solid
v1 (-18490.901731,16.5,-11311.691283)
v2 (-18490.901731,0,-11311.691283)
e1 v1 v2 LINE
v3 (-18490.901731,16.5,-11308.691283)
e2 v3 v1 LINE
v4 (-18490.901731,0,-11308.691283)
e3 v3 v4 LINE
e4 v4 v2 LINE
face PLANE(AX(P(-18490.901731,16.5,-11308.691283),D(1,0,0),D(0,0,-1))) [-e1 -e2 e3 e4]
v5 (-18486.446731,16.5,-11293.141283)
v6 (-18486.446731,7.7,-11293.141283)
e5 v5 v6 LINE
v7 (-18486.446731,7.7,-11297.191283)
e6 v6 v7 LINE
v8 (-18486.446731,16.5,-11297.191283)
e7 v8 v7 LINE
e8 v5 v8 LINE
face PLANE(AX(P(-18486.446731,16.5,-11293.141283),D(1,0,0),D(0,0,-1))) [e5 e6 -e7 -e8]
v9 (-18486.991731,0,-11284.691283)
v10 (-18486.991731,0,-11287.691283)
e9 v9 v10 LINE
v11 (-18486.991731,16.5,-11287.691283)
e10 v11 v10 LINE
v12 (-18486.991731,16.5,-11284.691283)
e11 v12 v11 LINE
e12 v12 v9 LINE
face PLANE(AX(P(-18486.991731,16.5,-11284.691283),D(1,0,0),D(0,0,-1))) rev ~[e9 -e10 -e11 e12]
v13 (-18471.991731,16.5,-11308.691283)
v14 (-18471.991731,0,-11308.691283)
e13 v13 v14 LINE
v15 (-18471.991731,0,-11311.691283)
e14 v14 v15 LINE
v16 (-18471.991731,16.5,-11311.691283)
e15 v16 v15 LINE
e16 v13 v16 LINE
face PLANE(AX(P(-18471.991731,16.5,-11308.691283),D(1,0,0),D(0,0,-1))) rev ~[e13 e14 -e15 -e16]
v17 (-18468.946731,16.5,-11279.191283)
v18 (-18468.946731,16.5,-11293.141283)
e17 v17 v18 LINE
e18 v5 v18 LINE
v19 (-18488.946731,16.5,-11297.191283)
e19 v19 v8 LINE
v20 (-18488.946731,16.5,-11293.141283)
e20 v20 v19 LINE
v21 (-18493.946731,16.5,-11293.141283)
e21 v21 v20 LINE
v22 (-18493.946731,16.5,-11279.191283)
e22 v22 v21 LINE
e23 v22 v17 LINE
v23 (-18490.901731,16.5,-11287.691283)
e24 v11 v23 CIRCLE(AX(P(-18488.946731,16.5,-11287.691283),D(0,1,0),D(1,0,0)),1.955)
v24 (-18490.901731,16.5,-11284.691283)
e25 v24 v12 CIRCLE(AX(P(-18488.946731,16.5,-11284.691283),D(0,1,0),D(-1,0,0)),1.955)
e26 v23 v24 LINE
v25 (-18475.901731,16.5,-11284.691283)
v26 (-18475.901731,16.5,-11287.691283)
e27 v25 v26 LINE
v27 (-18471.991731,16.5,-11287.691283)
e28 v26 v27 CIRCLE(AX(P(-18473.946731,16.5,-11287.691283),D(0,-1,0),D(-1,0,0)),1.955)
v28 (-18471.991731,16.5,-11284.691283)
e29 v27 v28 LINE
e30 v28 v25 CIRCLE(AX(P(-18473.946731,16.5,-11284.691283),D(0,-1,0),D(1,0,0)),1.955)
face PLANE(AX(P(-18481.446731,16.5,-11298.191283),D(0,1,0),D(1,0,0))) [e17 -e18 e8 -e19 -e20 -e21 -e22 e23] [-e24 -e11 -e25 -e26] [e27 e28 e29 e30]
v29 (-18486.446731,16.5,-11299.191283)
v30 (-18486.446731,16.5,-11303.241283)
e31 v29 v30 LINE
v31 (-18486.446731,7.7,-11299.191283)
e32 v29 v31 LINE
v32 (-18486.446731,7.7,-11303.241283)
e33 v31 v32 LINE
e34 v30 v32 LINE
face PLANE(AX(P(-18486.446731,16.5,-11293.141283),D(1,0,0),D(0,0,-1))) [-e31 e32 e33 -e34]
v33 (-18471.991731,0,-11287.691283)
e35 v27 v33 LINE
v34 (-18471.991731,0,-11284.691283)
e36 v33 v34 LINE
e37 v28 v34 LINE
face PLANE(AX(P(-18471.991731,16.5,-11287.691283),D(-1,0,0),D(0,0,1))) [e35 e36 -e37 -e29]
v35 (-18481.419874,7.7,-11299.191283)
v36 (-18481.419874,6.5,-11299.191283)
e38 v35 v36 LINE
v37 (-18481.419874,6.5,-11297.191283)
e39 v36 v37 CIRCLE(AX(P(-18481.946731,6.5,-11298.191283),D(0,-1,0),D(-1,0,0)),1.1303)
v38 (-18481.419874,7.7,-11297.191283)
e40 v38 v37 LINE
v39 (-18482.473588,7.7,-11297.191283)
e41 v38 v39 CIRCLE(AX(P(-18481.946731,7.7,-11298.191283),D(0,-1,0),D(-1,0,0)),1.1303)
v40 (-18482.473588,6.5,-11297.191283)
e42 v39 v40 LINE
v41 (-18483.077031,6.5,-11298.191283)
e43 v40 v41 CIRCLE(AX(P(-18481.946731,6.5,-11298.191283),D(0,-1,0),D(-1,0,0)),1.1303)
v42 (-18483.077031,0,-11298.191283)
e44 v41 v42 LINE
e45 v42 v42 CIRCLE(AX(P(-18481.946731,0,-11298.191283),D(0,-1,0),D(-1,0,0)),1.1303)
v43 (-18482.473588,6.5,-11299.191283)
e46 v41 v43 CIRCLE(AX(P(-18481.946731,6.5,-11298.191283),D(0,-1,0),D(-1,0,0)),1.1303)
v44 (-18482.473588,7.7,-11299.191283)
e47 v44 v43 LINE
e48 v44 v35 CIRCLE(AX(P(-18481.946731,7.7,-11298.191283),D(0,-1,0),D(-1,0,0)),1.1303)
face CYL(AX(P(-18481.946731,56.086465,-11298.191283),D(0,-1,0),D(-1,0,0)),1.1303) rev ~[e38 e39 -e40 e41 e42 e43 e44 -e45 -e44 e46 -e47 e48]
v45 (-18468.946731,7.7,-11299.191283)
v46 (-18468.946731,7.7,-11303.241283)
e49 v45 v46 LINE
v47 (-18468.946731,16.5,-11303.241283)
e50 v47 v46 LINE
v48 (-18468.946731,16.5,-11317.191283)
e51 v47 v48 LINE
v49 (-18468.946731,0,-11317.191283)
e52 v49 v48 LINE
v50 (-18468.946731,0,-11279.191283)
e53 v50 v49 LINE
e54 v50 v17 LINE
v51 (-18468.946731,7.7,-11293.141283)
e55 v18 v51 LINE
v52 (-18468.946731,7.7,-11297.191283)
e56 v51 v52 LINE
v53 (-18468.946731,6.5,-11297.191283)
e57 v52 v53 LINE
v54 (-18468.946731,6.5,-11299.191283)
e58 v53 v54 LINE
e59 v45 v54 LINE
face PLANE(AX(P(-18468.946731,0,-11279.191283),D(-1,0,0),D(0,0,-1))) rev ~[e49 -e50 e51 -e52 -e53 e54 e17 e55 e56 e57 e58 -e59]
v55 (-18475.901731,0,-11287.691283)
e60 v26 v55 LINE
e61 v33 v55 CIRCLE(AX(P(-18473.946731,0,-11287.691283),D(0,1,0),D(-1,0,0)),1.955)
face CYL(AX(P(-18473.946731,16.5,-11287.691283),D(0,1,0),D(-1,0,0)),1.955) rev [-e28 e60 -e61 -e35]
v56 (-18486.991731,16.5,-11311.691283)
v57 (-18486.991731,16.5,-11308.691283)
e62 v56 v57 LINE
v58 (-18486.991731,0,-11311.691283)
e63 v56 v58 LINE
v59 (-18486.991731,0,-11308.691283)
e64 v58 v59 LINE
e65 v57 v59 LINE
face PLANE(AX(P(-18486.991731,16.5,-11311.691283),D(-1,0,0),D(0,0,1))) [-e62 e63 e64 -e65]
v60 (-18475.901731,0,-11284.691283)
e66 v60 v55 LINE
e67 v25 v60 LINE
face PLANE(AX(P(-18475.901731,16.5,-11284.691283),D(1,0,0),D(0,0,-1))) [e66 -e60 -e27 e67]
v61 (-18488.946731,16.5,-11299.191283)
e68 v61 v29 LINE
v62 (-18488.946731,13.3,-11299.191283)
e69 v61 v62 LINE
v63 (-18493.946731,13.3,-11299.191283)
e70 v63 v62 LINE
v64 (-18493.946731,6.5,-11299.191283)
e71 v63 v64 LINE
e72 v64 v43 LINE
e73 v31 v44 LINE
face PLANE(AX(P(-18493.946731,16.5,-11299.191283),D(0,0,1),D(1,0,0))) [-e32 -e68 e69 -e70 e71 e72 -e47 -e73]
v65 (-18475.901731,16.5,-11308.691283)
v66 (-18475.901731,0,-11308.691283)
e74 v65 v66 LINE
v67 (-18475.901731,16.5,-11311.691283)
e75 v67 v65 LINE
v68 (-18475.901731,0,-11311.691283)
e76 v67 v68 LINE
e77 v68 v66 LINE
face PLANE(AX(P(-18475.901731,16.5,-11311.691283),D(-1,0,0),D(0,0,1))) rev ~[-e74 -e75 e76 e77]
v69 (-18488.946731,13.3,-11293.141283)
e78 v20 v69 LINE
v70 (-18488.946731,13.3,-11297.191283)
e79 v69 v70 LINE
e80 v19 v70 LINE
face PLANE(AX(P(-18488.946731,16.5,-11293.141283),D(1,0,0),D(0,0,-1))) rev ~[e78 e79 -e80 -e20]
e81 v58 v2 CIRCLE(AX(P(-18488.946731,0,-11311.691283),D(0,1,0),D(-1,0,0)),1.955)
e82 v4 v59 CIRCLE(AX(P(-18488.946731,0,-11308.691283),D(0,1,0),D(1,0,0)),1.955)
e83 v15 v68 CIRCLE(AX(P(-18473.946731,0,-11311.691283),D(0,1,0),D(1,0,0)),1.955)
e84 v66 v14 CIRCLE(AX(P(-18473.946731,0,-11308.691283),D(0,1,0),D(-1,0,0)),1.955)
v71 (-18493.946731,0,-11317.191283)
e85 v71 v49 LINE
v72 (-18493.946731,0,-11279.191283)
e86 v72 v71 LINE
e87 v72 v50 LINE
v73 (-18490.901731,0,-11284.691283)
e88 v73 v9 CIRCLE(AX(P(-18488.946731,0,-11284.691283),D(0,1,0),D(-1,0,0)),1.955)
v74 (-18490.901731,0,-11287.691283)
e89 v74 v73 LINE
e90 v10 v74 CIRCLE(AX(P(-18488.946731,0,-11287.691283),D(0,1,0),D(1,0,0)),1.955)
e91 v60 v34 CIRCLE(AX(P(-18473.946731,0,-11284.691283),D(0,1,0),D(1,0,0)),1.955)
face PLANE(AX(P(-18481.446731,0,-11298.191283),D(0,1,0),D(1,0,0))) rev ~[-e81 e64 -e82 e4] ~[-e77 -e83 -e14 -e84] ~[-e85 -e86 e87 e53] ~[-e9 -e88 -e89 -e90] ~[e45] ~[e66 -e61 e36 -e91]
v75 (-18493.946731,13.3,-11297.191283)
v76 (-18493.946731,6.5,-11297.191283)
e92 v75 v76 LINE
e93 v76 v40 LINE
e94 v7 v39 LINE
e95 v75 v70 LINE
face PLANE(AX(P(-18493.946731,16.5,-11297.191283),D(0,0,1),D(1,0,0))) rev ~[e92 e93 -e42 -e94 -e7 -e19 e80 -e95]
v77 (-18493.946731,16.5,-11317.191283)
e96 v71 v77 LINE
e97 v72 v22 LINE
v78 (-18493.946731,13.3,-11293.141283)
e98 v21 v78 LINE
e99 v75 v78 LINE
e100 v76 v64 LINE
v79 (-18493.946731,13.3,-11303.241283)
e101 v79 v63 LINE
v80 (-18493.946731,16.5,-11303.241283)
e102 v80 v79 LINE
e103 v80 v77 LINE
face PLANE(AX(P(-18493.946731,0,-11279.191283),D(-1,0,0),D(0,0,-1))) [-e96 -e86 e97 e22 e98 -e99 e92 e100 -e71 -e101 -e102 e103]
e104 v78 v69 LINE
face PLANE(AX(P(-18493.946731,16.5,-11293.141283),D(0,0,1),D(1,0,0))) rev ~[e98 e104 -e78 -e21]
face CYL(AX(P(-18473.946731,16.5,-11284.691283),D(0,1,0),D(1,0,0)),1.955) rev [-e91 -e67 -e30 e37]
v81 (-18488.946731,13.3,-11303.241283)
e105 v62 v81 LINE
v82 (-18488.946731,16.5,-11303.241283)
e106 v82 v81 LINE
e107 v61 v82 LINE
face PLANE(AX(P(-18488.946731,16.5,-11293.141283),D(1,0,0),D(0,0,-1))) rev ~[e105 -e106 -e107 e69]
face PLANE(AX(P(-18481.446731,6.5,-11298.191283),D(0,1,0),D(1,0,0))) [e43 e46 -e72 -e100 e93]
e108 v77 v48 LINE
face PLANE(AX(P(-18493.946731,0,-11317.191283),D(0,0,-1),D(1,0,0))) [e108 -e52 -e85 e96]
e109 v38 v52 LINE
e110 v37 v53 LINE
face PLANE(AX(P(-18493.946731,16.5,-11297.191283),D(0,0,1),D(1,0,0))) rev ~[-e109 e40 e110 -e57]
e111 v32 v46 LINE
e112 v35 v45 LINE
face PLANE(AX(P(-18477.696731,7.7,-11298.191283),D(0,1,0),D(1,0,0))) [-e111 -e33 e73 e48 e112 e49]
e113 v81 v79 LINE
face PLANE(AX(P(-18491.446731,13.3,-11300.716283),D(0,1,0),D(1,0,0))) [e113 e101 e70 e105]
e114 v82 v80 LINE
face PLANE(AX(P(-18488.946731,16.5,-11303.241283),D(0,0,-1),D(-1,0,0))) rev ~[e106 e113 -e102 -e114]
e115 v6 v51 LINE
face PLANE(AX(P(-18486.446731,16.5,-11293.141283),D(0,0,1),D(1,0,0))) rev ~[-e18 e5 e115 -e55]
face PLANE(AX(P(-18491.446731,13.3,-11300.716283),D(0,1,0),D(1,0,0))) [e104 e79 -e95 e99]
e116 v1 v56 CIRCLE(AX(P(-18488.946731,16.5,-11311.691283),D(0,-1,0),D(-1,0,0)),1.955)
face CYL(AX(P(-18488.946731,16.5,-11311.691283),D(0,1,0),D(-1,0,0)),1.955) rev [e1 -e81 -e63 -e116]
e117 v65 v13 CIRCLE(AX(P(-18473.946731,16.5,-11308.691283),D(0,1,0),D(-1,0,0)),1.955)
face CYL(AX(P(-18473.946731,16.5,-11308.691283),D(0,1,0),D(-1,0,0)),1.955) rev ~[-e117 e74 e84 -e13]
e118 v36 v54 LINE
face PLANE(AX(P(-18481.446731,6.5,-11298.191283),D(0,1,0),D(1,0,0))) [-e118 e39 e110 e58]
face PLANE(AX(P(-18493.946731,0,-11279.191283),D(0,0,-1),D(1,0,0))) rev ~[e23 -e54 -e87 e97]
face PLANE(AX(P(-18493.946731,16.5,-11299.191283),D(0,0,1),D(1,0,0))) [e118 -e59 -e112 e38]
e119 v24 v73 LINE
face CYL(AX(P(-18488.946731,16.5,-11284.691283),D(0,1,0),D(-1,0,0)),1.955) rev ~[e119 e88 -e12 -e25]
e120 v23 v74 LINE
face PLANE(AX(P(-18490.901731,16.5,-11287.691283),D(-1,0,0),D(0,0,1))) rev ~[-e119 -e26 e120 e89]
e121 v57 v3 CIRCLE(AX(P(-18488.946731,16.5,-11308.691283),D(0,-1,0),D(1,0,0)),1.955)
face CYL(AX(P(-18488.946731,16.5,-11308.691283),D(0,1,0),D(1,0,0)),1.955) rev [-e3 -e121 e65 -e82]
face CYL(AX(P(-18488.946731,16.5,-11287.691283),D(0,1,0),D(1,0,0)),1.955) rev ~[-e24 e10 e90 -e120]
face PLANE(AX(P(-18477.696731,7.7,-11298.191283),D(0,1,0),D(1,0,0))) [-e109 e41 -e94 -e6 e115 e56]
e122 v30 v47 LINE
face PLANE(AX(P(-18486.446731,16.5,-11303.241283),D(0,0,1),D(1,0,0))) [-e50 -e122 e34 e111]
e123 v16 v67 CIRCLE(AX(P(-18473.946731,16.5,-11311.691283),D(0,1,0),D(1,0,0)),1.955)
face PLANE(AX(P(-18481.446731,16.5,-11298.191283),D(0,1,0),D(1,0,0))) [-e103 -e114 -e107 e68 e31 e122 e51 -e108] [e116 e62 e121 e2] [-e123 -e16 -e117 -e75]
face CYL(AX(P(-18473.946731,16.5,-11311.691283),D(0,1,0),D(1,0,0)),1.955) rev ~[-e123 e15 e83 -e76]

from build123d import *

# Parameters (mm, degrees)
SKETCH1_W               = 25
SKETCH1_H               = 38
BOSS_EXTRUDE1_DEPTH     = 16.5
F_6_32_SLOTS_DEPTH      = 17.5
SKETCH2_11_W            = 5
SKETCH2_11_H            = 5.05
LENS_SEAT_DEPTH         = 3.2
SKETCH2_13_W            = 17.5
SKETCH2_13_H            = 10.1
LENS_PLATE_GROOVE_DEPTH = 8.8
SKETCH6_W               = 25
SKETCH6_H               = 2
ALIGNMENT_GROOVE_DEPTH  = 10
F_4_40_TAPPED_HOLE2_D   = 2.2606


with BuildPart() as part:
    # Sketch1 → Boss-Extrude1 (new body)
    with BuildSketch(Plane(origin=(0, 0, 0), x_dir=(1, 0, 0), z_dir=(0, 1, 0))):
        with Locations((-18481.446731235, 11298.191283293)):
            Rectangle(SKETCH1_W, SKETCH1_H)
    extrude(amount=BOSS_EXTRUDE1_DEPTH)

    # Sketch2 → 6-32 slots (cut, through all)
    with BuildSketch(Plane(origin=(0, 16.5, 0), x_dir=(1, 0, 0), z_dir=(0, 1, 0))):
        with BuildLine():
            Line((-18486.991731235, 11311.691283293), (-18486.991731235, 11308.691283293))
            ThreePointArc((-18486.991731235, 11308.691283293), (-18488.946731235, 11306.736283293), (-18490.901731235, 11308.691283293))
            Line((-18490.901731235, 11308.691283293), (-18490.901731235, 11311.691283293))
            ThreePointArc((-18490.901731235, 11311.691283293), (-18488.946731235, 11313.646283293), (-18486.991731235, 11311.691283293))
        make_face()
        with BuildLine():
            Line((-18486.991731235, 11284.691283293), (-18486.991731235, 11287.691283293))
            ThreePointArc((-18486.991731235, 11287.691283293), (-18488.946731235, 11289.646283293), (-18490.901731235, 11287.691283293))
            Line((-18490.901731235, 11287.691283293), (-18490.901731235, 11284.691283293))
            ThreePointArc((-18490.901731235, 11284.691283293), (-18488.946731235, 11282.736283293), (-18486.991731235, 11284.691283293))
        make_face()
        with BuildLine():
            Line((-18475.901731235, 11284.691283293), (-18475.901731235, 11287.691283293))
            ThreePointArc((-18475.901731235, 11287.691283293), (-18473.946731235, 11289.646283293), (-18471.991731235, 11287.691283293))
            Line((-18471.991731235, 11287.691283293), (-18471.991731235, 11284.691283293))
            ThreePointArc((-18471.991731235, 11284.691283293), (-18473.946731235, 11282.736283293), (-18475.901731235, 11284.691283293))
        make_face()
        with BuildLine():
            Line((-18475.901731235, 11311.691283293), (-18475.901731235, 11308.691283293))
            ThreePointArc((-18475.901731235, 11308.691283293), (-18473.946731235, 11306.736283293), (-18471.991731235, 11308.691283293))
            Line((-18471.991731235, 11308.691283293), (-18471.991731235, 11311.691283293))
            ThreePointArc((-18471.991731235, 11311.691283293), (-18473.946731235, 11313.646283293), (-18475.901731235, 11311.691283293))
        make_face()
    extrude(amount=-F_6_32_SLOTS_DEPTH, mode=Mode.SUBTRACT)

    # Sketch2<11> → lens seat (cut)
    with BuildSketch(Plane(origin=(0, 16.5, 0), x_dir=(1, 0, 0), z_dir=(0, 1, 0))):
        Polygon((-18493.946731235, 11300.191283293), (-18493.946731235, 11298.191283293), (-18488.946731235, 11298.191283293), (-18488.946731235, 11303.241283293), (-18493.946731235, 11303.241283293), align=None)
        with Locations((-18491.446731235, 11295.666283293)):
            Rectangle(SKETCH2_11_W, SKETCH2_11_H)
    extrude(amount=-LENS_SEAT_DEPTH, mode=Mode.SUBTRACT)

    # Sketch2<13> → lens plate groove (cut)
    with BuildSketch(Plane(origin=(0, 16.5, 0), x_dir=(1, 0, 0), z_dir=(0, 1, 0))):
        with Locations((-18477.696731235, 11298.191283293)):
            Rectangle(SKETCH2_13_W, SKETCH2_13_H)
    extrude(amount=-LENS_PLATE_GROOVE_DEPTH, mode=Mode.SUBTRACT)

    # Sketch6 → alignment groove (cut)
    with BuildSketch(Plane(origin=(0, 16.5, 0), x_dir=(1, 0, 0), z_dir=(0, 1, 0))):
        with Locations((-18481.446731235, 11298.191283293)):
            Rectangle(SKETCH6_W, SKETCH6_H)
    extrude(amount=-ALIGNMENT_GROOVE_DEPTH, mode=Mode.SUBTRACT)

    # #4-40 Tapped Hole2 (through all)
    with Locations(Plane(origin=(0, 7.7, 0), x_dir=(1, 0, 0), z_dir=(0, 1, 0))):
        with Locations((-18481.946731235, 11298.191283293)):
            Hole(F_4_40_TAPPED_HOLE2_D / 2)


solid = part.part
